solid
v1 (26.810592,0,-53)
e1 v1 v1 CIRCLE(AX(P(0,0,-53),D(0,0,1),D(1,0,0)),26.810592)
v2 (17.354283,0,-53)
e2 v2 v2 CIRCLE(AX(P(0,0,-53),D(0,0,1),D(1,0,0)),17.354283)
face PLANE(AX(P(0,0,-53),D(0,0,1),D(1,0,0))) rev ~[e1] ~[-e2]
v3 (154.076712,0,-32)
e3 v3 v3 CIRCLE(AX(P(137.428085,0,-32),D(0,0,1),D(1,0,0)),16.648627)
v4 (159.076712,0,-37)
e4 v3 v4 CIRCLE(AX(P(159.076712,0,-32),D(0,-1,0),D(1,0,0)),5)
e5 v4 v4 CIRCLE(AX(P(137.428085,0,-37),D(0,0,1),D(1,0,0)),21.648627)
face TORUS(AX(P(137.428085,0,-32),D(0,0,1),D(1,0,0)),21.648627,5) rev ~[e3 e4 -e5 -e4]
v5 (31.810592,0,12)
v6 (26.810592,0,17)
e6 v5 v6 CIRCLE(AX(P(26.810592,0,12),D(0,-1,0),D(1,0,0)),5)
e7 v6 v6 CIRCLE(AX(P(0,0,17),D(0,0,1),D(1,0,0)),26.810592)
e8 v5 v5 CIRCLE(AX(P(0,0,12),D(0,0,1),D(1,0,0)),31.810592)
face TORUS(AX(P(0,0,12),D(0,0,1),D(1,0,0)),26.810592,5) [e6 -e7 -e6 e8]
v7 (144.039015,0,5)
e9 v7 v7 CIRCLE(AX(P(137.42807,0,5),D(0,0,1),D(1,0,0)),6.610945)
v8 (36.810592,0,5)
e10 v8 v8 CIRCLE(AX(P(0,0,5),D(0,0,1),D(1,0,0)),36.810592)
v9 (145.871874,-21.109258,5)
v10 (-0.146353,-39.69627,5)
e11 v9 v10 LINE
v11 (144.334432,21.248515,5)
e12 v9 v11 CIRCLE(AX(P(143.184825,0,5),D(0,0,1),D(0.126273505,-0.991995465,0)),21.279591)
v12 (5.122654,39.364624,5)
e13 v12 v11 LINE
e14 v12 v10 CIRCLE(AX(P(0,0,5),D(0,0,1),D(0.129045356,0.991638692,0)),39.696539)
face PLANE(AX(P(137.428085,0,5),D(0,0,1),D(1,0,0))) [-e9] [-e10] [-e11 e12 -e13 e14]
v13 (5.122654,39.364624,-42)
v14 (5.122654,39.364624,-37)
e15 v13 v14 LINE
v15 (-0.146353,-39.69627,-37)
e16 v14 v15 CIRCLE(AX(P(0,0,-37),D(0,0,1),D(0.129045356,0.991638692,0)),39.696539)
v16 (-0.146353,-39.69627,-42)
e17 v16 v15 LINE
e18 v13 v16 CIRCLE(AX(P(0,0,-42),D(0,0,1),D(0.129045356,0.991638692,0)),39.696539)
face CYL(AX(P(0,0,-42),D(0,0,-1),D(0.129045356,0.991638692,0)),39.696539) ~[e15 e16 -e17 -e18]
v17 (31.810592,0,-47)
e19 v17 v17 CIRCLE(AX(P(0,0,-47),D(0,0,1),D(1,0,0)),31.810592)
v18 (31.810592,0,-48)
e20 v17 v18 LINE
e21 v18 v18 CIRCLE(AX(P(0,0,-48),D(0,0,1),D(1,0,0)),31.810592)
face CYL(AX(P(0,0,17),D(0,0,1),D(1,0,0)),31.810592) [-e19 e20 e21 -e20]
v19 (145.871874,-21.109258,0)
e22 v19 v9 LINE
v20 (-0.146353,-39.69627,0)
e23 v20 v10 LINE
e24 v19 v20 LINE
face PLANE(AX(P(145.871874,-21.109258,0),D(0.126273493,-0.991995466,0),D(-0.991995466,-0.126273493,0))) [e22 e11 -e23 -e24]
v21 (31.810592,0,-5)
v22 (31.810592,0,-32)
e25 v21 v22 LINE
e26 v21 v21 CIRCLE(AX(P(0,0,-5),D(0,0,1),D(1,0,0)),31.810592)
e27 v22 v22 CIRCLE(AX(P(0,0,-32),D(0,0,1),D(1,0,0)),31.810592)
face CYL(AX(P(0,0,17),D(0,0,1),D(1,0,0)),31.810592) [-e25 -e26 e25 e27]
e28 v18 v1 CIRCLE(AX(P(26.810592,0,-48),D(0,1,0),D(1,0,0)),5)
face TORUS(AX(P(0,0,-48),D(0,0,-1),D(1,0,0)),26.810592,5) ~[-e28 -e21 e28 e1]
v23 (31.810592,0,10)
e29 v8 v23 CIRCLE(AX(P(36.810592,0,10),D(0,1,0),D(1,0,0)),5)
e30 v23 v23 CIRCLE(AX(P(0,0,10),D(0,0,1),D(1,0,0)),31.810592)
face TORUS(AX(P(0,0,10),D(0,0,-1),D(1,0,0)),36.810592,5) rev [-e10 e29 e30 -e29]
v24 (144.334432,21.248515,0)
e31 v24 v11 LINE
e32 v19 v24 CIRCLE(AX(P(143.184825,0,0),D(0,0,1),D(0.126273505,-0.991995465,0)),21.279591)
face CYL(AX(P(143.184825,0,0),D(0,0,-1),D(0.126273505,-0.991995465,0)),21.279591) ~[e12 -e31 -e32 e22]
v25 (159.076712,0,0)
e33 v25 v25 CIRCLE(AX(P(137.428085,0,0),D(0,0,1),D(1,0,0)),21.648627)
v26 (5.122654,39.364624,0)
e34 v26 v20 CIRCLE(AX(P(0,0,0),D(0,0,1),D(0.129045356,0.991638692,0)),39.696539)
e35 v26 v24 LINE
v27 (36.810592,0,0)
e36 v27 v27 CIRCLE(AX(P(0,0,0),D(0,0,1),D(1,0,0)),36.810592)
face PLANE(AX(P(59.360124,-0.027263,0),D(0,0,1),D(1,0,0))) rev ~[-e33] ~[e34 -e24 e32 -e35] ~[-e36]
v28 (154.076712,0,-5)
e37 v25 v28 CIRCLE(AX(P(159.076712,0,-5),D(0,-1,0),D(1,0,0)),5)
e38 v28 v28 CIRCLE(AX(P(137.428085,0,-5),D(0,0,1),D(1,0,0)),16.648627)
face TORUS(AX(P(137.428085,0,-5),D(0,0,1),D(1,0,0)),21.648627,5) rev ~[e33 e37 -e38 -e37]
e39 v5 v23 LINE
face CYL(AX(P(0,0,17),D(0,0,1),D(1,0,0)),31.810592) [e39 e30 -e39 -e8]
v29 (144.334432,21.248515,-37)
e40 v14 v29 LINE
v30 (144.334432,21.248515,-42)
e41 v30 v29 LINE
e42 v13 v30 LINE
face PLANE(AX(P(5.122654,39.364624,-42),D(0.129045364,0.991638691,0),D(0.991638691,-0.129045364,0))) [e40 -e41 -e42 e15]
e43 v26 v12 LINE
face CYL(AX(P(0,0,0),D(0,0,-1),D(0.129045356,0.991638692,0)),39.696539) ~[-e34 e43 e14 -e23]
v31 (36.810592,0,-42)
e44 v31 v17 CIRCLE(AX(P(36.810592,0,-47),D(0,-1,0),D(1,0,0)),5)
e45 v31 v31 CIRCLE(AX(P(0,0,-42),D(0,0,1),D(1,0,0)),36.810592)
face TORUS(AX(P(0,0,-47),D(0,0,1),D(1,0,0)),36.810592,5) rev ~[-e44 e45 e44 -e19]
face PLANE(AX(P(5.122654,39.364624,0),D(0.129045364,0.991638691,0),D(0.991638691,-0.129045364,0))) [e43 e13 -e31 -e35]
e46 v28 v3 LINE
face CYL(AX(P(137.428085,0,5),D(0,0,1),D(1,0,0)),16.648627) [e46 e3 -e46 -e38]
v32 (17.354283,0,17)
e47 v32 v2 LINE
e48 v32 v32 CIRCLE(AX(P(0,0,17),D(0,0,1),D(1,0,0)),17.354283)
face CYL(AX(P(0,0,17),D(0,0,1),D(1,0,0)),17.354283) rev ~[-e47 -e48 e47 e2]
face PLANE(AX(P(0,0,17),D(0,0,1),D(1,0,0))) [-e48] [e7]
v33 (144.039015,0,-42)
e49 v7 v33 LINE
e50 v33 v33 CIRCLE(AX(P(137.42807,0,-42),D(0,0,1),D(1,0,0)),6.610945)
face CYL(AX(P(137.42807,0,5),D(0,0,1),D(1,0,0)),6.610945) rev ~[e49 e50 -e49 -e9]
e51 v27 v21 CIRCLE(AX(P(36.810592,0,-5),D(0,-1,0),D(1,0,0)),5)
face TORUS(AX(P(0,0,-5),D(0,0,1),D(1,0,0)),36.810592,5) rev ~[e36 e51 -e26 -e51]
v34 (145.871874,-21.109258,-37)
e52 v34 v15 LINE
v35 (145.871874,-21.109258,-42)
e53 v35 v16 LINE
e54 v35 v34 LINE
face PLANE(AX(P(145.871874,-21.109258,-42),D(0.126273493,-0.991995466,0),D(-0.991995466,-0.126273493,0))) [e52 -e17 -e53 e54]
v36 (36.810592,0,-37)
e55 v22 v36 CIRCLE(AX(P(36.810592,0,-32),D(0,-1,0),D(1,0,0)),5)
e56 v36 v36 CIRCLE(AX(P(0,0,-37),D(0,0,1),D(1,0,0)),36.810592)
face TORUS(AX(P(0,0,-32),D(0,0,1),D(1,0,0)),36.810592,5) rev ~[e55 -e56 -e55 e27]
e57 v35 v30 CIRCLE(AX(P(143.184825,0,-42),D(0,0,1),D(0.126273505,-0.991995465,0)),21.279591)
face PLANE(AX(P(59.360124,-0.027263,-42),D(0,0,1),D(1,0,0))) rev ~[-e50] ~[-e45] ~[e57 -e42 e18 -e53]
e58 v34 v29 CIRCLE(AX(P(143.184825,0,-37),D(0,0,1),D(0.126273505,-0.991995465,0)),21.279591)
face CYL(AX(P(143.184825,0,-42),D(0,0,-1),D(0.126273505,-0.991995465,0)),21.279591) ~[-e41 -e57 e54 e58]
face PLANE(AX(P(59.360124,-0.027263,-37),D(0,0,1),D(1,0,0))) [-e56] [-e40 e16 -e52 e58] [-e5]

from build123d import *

# Parameters (mm, degrees)
PAD_DEPTH       = 5
SKETCH002_R     = 31.810592
PAD001_DEPTH    = 70
PAD002_DEPTH    = 5
SKETCH003_R     = 16.648627
PAD003_DEPTH    = 45
SKETCH004_R     = 17.354283
POCKET_DEPTH    = 70.001
SKETCH005_R     = 6.610945
POCKET001_DEPTH = 58.001
FILLET_R        = 5


with BuildPart() as part:
    # Sketch → Pad (new body)
    with BuildSketch(Plane.XY):
        with BuildLine():
            ThreePointArc((5.122654, 39.364624), (-39.608675, 2.639717), (-0.146353, -39.69627))
            Line((145.871874, -21.109258), (-0.146353, -39.69627))
            ThreePointArc((145.871874, -21.109258), (164.450413, 0.771868), (144.334432, 21.248515))
            Line((5.122654, 39.364624), (144.334432, 21.248515))
        make_face()
    extrude(amount=PAD_DEPTH)

    # Sketch002 (on Face6 of Pad) → Pad001 (join)
    with BuildSketch(Plane.XY.offset(17)):
        Circle(SKETCH002_R)
    extrude(amount=-PAD001_DEPTH)

    # Sketch001 → Pad002 (join)
    with BuildSketch(Plane.XY.offset(-42)):
        with BuildLine():
            ThreePointArc((5.122654, 39.364624), (-39.608675, 2.639717), (-0.146353, -39.69627))
            Line((145.871874, -21.109258), (-0.146353, -39.69627))
            ThreePointArc((145.871874, -21.109258), (164.450413, 0.771868), (144.334432, 21.248515))
            Line((5.122654, 39.364624), (144.334432, 21.248515))
        make_face()
    extrude(amount=PAD002_DEPTH)

    # Sketch003 (on Face5 of Pad002) → Pad003 (join)
    with BuildSketch(Plane.XY.offset(5)):
        with Locations((137.428085, 0)):
            Circle(SKETCH003_R)
    extrude(amount=-PAD003_DEPTH)

    # Sketch004 (on Face18 of Pad003) → Pocket (cut, through all)
    with BuildSketch(Plane.XY.offset(17)):
        Circle(SKETCH004_R)
    extrude(amount=-POCKET_DEPTH, mode=Mode.SUBTRACT)

    # Sketch005 (on Face5 of Pocket) → Pocket001 (cut, through all)
    with BuildSketch(Plane.XY.offset(5)):
        with Locations((137.42807, 0)):
            Circle(SKETCH005_R)
    extrude(amount=-POCKET001_DEPTH, mode=Mode.SUBTRACT)

    # Fillet
    fillet_edges = [part.edges().sort_by_distance(p)[0] for p in [
        (-31.810592, 0, 17),
        (-31.810592, 0, -53),
        (-31.810592, 0, -42),
        (-31.810592, 0, -37),
        (-31.810592, 0, 0),
        (-31.810592, 0, 5),
        (120.779458, 0, -37),
        (120.779458, 0, 0),
    ]]
    fillet(fillet_edges, radius=FILLET_R)


solid = part.part
